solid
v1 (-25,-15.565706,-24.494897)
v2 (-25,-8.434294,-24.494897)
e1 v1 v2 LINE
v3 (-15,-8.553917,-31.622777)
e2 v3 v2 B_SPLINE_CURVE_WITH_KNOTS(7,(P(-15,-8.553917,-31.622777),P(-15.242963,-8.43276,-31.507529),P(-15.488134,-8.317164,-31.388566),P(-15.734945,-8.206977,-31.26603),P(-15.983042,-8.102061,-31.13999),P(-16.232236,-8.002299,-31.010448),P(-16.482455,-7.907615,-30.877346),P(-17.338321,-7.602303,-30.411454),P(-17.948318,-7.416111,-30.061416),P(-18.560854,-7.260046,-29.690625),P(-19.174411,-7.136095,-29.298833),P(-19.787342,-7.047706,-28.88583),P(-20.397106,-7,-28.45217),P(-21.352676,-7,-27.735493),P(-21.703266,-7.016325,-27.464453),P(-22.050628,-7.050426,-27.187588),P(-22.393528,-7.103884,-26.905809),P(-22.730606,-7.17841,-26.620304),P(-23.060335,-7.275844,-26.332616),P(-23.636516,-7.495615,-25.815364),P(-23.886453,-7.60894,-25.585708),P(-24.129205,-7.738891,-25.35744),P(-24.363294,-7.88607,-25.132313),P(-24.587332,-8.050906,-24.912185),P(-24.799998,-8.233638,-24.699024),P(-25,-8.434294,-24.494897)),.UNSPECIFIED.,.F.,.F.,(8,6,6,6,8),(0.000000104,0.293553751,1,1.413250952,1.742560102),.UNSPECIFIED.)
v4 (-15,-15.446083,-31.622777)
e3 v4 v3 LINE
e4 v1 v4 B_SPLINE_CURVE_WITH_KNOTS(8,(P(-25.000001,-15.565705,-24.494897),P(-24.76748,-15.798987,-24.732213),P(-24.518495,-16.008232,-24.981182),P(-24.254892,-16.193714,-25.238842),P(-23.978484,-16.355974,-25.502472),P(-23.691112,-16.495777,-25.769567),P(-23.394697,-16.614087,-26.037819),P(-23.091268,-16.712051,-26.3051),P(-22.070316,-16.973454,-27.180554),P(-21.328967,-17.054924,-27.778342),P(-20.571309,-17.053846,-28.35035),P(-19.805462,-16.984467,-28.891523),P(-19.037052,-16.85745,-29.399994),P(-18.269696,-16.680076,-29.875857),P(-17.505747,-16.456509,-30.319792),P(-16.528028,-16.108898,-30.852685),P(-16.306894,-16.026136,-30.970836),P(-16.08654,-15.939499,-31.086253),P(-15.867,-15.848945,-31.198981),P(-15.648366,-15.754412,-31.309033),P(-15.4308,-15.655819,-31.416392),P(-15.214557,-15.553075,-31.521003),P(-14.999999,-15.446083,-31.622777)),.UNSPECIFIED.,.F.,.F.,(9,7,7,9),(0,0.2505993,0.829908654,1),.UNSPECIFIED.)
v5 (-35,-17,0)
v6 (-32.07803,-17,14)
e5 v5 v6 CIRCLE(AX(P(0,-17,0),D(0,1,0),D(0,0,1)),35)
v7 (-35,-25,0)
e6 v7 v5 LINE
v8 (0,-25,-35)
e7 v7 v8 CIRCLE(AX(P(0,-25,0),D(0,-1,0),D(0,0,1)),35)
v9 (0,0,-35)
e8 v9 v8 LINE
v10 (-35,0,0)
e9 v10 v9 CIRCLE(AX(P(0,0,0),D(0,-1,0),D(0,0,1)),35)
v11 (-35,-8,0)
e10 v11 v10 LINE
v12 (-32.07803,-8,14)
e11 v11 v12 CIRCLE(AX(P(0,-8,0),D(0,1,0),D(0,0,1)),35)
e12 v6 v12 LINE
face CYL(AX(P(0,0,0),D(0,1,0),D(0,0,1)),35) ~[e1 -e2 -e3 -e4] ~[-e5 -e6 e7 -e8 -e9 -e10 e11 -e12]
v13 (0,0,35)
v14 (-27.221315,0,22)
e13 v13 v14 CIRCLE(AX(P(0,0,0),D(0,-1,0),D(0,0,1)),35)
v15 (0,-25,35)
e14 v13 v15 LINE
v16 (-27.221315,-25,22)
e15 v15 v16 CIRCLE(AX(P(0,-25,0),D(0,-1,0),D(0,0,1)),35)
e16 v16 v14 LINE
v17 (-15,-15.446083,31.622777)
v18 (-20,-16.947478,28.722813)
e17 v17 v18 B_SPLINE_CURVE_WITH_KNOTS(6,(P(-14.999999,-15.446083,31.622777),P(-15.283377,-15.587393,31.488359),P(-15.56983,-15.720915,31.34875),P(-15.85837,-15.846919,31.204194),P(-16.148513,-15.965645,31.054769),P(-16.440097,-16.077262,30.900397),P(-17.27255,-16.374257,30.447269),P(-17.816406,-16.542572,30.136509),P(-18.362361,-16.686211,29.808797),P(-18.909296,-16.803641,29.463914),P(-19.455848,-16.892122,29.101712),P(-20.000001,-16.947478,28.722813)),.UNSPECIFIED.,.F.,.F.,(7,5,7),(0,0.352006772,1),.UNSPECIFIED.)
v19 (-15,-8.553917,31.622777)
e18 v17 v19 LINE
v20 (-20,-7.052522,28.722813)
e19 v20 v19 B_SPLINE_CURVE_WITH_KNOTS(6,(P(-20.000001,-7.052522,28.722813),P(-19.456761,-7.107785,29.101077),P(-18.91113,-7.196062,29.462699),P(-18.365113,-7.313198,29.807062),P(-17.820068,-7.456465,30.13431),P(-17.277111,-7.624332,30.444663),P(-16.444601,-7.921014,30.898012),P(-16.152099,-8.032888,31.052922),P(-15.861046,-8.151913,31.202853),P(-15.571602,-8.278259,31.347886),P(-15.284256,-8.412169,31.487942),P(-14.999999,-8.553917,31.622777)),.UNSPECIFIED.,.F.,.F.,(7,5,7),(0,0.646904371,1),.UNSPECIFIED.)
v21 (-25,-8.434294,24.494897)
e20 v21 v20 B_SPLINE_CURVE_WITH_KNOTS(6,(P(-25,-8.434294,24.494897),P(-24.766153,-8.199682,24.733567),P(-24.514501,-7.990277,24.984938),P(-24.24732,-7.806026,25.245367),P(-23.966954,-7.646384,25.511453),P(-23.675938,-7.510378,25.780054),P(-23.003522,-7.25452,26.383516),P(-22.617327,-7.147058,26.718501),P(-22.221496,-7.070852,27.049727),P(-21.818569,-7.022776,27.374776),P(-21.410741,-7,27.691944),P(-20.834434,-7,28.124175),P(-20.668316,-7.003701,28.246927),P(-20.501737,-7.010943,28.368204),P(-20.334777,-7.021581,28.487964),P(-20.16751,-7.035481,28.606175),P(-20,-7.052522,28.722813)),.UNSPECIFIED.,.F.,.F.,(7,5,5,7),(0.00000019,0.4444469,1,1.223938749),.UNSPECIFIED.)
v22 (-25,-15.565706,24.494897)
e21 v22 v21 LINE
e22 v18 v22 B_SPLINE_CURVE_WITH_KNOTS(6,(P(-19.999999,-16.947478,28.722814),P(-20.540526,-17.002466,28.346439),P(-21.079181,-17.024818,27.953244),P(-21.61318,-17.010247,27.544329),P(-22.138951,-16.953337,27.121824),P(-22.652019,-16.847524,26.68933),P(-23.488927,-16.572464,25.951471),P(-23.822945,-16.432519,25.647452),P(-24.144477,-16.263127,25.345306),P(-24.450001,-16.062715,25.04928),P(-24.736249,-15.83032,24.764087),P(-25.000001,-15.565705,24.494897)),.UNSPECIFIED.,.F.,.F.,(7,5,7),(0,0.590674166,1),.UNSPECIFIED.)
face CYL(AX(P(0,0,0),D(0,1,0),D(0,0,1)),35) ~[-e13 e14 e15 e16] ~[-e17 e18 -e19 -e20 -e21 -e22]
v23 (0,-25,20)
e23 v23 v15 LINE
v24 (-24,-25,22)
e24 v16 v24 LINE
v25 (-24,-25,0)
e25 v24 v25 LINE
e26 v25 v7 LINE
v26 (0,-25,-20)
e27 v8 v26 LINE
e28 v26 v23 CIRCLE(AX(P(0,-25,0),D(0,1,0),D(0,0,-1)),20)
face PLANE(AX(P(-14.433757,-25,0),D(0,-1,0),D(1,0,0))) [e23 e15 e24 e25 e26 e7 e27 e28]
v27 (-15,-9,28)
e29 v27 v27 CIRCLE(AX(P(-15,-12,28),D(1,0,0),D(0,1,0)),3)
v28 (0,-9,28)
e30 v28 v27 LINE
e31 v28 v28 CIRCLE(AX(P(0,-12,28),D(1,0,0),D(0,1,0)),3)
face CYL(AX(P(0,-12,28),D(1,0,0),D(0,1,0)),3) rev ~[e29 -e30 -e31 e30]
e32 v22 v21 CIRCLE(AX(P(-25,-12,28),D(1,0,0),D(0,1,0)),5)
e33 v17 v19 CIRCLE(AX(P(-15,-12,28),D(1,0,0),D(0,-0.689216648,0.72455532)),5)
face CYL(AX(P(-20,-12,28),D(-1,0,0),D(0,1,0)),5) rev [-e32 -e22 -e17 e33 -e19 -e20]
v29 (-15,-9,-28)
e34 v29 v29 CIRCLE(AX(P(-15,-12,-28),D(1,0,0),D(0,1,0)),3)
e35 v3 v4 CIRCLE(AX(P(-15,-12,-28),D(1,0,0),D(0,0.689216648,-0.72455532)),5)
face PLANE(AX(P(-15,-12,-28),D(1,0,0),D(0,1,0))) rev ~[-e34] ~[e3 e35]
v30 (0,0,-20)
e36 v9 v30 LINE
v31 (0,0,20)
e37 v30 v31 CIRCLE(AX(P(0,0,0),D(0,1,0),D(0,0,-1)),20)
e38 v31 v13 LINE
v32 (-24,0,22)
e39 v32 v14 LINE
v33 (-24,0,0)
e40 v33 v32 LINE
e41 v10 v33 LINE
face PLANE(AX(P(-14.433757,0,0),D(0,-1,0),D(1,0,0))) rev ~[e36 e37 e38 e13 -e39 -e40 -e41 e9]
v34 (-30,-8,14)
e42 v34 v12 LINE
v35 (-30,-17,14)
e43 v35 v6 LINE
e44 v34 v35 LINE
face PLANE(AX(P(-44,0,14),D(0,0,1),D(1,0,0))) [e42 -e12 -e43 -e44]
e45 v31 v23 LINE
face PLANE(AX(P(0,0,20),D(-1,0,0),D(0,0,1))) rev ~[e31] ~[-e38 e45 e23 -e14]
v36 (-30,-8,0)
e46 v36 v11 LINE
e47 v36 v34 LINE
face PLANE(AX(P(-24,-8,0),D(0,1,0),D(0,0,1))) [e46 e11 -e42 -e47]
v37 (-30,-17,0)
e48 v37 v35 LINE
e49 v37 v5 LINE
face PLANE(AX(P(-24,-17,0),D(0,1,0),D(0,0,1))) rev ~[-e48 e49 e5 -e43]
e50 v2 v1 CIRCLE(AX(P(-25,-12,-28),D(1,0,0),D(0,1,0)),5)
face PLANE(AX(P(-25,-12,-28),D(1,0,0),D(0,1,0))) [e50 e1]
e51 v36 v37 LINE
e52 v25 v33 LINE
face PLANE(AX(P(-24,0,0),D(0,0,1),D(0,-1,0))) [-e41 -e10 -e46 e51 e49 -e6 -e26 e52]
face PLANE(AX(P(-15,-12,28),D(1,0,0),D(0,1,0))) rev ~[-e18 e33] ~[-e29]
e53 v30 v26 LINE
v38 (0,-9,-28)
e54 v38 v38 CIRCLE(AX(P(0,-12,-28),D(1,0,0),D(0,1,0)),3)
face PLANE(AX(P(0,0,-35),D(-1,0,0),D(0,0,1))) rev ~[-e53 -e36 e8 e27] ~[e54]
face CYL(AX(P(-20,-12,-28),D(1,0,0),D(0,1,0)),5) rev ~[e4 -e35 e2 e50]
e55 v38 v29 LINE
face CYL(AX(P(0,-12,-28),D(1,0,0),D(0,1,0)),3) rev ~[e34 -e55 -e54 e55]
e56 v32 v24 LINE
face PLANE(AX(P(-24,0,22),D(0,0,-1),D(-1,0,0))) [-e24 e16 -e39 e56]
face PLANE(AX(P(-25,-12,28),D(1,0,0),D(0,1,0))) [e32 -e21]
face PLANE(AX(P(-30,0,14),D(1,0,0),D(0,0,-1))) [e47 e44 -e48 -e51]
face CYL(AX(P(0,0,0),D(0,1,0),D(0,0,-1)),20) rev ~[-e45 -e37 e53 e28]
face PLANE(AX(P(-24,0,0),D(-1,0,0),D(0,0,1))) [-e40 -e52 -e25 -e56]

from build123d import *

# Parameters (mm, degrees)
F1_DEPTH  = 25
F2_R      = 3
F3_DEPTH  = 25
F5_R      = 5
F6_DEPTH  = 5
F8_DEPTH  = 28.5
F9_W      = 8
F9_H      = 14
F10_DEPTH = 25


with BuildPart() as f1:
    # F0 (on Front) → F1 (new body)
    with BuildSketch(Plane.XZ):
        with BuildLine():
            Line((0, 20), (0, 35))
            ThreePointArc((0, 35), (-35, 0), (0, -35))
            Line((0, -35), (0, -20))
            ThreePointArc((0, -20), (-20, 0), (0, 20))
        make_face()
    extrude(amount=F1_DEPTH)

    # F2 (on Right) → F3 (cut)
    with BuildSketch(Plane.YZ):
        with Locations((-12, 28)):
            Circle(F2_R)
        with Locations((-12, -28)):
            Circle(F2_R)
    extrude(amount=-F3_DEPTH, mode=Mode.SUBTRACT)

    # F5 (on offset) → F6 (cut, symmetric)
    with BuildSketch(Plane.YZ.offset(-20)):
        with Locations((-12, 28)):
            Circle(F5_R)
        with Locations((-12, -28)):
            Circle(F5_R)
    extrude(amount=F6_DEPTH, both=True, mode=Mode.SUBTRACT)

    # F7 (on Front) → F8 (cut)
    with BuildSketch(Plane.XZ):
        Polygon((-30, 0), (-24, 0), (-24, 14), (-24, 22), (-30, 22), (-44, 22), (-44, 14), (-30, 14), align=None)
    extrude(amount=F8_DEPTH, mode=Mode.SUBTRACT)

    # F9 (on face) → F10 (cut)
    with BuildSketch(Plane(origin=(-24, 0, 0), x_dir=(0, -1, 0), z_dir=(-1, 0, 0))):
        with Locations((4, 7)):
            Rectangle(F9_W, F9_H)
        with Locations((21, 7)):
            Rectangle(F9_W, F9_H)
    extrude(amount=F10_DEPTH, mode=Mode.SUBTRACT)


solid = f1.part
